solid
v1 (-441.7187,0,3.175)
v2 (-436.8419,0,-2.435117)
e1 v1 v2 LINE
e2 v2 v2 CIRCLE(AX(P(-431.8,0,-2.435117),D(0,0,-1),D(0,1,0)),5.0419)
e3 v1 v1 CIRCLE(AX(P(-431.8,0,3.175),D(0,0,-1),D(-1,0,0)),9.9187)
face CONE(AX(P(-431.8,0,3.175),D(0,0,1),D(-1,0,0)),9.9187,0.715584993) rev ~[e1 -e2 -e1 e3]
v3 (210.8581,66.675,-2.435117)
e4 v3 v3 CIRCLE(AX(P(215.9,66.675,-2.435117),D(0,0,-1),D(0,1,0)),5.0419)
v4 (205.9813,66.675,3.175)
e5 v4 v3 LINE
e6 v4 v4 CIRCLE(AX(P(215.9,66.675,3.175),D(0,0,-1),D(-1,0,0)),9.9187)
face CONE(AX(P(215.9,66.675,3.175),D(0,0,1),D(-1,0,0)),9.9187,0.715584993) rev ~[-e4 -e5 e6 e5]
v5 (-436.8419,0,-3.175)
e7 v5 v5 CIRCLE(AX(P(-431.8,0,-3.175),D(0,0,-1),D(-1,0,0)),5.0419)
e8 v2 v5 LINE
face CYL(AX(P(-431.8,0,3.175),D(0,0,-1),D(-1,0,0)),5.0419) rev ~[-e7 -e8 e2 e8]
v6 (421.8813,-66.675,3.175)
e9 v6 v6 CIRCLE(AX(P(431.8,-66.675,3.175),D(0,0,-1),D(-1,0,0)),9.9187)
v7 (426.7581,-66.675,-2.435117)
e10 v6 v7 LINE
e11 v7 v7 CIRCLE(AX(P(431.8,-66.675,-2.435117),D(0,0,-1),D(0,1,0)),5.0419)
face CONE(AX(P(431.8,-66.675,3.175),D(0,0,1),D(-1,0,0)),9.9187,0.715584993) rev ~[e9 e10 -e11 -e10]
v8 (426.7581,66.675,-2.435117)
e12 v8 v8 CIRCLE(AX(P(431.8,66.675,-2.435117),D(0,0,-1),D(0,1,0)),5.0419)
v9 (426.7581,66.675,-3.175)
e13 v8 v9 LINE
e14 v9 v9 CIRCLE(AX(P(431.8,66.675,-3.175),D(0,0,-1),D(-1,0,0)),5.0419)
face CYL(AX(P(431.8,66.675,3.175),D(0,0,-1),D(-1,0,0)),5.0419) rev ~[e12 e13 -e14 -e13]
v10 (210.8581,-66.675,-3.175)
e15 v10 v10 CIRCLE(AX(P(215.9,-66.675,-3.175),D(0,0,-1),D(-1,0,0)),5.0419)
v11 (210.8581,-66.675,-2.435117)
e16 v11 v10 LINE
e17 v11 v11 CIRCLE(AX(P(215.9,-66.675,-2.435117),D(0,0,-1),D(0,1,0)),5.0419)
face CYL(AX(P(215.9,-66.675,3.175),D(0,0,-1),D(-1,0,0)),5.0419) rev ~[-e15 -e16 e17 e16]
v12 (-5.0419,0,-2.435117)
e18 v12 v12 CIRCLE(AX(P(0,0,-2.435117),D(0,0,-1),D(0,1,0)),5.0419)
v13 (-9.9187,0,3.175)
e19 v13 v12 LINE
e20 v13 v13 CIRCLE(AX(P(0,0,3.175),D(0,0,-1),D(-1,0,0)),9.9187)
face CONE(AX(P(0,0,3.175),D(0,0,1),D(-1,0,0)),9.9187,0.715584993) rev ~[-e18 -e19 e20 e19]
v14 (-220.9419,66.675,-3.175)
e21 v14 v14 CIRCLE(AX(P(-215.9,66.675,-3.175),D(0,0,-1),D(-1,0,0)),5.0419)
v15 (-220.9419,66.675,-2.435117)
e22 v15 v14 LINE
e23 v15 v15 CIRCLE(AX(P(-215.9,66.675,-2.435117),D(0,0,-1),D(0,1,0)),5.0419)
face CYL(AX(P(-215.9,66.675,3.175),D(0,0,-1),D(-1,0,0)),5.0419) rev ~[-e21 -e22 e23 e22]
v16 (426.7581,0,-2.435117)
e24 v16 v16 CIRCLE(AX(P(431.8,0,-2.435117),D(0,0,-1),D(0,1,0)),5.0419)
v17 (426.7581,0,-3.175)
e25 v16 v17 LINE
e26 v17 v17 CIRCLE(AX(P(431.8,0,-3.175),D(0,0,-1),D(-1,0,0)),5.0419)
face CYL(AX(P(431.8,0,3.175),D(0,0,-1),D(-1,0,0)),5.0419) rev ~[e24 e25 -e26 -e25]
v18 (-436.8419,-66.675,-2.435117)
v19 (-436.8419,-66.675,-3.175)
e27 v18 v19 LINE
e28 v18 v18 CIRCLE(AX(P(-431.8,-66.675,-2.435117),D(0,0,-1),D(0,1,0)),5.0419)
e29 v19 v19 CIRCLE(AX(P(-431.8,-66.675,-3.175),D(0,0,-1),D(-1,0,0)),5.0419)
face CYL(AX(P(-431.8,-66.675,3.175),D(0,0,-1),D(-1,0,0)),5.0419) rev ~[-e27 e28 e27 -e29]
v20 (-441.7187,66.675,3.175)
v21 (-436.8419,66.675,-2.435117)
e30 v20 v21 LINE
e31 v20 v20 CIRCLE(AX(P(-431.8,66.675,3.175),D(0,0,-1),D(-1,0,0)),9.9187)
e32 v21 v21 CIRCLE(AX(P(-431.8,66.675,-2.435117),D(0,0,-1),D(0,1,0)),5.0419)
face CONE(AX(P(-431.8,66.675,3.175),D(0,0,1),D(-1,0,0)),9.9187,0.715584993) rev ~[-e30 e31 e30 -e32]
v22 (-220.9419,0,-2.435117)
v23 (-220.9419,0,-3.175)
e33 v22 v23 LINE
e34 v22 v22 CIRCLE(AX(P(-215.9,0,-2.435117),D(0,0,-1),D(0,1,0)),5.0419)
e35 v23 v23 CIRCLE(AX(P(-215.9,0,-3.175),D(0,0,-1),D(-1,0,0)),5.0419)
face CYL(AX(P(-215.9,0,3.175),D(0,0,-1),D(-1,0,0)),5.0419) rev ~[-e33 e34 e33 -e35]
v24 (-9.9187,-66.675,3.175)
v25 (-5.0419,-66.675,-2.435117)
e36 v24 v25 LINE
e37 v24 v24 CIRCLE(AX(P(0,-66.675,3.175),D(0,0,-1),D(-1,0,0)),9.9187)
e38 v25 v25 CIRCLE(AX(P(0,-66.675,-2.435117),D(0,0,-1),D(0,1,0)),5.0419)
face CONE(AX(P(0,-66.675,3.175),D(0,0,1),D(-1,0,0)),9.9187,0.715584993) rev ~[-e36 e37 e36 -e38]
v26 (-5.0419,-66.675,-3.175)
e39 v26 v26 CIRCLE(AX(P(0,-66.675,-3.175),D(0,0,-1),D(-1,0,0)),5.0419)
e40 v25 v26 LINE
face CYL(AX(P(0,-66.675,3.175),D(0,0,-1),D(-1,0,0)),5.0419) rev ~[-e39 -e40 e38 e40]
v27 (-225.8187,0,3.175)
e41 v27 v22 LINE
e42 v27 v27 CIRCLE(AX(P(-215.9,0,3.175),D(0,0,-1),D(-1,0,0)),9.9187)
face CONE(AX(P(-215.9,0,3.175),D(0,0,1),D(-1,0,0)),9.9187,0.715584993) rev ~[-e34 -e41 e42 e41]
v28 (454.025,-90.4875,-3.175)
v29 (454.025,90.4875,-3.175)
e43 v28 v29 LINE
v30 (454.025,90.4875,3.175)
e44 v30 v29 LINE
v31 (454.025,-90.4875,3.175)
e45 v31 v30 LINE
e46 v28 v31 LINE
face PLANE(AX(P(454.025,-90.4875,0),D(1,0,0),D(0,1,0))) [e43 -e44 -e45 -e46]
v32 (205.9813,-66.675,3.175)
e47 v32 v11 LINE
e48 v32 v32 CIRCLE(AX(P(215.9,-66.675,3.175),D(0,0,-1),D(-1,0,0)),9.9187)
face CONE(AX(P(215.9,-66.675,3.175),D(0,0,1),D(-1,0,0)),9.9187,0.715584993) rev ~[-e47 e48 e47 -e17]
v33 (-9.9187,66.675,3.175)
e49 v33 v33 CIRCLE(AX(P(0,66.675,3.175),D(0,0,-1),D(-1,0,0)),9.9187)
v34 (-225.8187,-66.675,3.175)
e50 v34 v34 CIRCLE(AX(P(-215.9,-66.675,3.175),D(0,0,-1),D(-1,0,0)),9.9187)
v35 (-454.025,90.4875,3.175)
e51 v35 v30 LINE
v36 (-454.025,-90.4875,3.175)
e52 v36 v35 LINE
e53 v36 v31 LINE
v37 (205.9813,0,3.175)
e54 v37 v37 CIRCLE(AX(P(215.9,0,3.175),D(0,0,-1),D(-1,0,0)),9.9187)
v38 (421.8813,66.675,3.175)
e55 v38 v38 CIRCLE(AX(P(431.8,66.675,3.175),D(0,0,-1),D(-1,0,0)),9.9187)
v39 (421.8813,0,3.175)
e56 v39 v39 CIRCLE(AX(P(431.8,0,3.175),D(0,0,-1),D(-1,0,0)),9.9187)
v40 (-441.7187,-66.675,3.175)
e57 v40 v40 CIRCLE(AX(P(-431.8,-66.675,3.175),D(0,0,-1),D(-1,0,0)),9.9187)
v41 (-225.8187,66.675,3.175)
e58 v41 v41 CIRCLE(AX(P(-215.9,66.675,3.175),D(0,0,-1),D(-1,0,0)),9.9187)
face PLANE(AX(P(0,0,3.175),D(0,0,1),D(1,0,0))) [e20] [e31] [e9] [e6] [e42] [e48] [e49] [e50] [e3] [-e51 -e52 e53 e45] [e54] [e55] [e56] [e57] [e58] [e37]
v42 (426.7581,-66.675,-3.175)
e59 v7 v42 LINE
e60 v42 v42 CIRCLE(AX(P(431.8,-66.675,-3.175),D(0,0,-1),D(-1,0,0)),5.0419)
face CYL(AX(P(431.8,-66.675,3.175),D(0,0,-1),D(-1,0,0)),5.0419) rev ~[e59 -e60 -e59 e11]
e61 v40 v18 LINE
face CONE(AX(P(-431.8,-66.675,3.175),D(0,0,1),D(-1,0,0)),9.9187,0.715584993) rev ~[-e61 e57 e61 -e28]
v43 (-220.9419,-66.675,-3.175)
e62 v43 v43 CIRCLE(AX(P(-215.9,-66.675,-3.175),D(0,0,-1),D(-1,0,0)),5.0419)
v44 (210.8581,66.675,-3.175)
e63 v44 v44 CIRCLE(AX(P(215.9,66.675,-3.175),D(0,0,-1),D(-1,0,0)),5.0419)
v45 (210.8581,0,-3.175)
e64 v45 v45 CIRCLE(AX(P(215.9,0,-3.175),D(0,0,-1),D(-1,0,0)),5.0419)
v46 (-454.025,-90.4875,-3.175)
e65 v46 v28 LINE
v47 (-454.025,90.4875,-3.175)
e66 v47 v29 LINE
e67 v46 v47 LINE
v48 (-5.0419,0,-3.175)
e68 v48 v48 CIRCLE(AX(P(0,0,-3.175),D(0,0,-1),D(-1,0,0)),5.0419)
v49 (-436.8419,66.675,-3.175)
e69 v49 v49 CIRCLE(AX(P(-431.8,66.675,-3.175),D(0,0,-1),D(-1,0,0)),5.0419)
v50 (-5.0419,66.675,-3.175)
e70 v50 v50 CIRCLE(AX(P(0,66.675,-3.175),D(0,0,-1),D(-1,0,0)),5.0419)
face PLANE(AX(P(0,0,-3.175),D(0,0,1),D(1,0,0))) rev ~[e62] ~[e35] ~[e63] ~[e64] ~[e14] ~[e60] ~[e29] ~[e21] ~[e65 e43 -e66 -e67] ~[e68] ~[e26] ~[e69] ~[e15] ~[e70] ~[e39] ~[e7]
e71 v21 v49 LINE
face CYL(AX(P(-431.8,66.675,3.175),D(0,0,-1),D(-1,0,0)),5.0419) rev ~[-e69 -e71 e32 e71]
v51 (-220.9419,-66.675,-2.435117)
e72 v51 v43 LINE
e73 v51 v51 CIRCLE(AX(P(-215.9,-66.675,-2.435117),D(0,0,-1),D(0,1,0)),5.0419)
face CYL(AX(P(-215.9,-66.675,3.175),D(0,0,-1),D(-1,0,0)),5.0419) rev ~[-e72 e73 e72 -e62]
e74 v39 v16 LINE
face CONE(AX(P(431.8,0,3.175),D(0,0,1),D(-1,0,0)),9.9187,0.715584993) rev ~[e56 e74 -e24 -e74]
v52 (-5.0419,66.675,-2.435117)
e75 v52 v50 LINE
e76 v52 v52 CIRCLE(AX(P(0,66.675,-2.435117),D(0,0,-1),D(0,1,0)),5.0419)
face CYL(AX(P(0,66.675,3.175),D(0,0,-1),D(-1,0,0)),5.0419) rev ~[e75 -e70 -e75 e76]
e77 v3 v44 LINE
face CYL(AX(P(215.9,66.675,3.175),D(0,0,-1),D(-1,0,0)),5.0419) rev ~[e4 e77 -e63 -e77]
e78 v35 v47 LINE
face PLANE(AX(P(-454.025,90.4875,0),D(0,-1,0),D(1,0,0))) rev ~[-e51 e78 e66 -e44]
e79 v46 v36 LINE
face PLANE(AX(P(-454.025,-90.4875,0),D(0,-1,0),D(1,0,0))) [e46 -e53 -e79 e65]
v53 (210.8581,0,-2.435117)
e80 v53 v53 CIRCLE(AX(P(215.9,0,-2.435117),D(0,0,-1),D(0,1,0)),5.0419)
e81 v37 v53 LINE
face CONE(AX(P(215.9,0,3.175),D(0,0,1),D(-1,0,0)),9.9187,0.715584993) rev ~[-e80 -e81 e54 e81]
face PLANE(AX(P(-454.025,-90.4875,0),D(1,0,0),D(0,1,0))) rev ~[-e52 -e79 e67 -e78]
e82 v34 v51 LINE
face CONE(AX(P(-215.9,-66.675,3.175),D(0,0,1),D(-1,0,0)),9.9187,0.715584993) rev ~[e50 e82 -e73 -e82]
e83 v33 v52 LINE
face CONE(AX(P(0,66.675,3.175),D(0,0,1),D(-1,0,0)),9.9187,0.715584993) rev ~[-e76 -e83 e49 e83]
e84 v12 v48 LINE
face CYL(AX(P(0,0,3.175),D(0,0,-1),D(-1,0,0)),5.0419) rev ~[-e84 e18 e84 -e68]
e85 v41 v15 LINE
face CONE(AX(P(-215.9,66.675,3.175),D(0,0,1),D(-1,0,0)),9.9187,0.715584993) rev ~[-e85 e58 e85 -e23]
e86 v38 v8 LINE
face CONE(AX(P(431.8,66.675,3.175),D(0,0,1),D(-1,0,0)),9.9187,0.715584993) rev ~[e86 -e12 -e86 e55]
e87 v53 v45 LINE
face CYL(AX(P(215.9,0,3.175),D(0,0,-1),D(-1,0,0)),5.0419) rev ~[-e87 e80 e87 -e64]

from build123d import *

# Parameters (mm, degrees)
F0_W           = 908.05
F0_H           = 180.975
F1_DEPTH       = 3.175
F3_D           = 10.0838
F3_CSINK_D     = 19.8374
F3_CSINK_ANGLE = 82


with BuildPart() as f1:
    # F0 (on Top) → F1 (new body, symmetric)
    with BuildSketch(Plane.XY):
        Rectangle(F0_W, F0_H)
    extrude(amount=F1_DEPTH, both=True)

    # F3 (through all)
    with Locations(Plane.XY.offset(3.175)):
        with Locations((-431.8, 66.675), (-431.8, 0), (-431.8, -66.675), (-215.9, -66.675), (-215.9, 0), (-215.9, 66.675), (0, 66.675), (0, 0), (0, -66.675), (215.9, -66.675), (215.9, 0), (215.9, 66.675), (431.8, 66.675), (431.8, 0), (431.8, -66.675)):
            CounterSinkHole(F3_D / 2, F3_CSINK_D / 2, counter_sink_angle=F3_CSINK_ANGLE)


solid = f1.part
